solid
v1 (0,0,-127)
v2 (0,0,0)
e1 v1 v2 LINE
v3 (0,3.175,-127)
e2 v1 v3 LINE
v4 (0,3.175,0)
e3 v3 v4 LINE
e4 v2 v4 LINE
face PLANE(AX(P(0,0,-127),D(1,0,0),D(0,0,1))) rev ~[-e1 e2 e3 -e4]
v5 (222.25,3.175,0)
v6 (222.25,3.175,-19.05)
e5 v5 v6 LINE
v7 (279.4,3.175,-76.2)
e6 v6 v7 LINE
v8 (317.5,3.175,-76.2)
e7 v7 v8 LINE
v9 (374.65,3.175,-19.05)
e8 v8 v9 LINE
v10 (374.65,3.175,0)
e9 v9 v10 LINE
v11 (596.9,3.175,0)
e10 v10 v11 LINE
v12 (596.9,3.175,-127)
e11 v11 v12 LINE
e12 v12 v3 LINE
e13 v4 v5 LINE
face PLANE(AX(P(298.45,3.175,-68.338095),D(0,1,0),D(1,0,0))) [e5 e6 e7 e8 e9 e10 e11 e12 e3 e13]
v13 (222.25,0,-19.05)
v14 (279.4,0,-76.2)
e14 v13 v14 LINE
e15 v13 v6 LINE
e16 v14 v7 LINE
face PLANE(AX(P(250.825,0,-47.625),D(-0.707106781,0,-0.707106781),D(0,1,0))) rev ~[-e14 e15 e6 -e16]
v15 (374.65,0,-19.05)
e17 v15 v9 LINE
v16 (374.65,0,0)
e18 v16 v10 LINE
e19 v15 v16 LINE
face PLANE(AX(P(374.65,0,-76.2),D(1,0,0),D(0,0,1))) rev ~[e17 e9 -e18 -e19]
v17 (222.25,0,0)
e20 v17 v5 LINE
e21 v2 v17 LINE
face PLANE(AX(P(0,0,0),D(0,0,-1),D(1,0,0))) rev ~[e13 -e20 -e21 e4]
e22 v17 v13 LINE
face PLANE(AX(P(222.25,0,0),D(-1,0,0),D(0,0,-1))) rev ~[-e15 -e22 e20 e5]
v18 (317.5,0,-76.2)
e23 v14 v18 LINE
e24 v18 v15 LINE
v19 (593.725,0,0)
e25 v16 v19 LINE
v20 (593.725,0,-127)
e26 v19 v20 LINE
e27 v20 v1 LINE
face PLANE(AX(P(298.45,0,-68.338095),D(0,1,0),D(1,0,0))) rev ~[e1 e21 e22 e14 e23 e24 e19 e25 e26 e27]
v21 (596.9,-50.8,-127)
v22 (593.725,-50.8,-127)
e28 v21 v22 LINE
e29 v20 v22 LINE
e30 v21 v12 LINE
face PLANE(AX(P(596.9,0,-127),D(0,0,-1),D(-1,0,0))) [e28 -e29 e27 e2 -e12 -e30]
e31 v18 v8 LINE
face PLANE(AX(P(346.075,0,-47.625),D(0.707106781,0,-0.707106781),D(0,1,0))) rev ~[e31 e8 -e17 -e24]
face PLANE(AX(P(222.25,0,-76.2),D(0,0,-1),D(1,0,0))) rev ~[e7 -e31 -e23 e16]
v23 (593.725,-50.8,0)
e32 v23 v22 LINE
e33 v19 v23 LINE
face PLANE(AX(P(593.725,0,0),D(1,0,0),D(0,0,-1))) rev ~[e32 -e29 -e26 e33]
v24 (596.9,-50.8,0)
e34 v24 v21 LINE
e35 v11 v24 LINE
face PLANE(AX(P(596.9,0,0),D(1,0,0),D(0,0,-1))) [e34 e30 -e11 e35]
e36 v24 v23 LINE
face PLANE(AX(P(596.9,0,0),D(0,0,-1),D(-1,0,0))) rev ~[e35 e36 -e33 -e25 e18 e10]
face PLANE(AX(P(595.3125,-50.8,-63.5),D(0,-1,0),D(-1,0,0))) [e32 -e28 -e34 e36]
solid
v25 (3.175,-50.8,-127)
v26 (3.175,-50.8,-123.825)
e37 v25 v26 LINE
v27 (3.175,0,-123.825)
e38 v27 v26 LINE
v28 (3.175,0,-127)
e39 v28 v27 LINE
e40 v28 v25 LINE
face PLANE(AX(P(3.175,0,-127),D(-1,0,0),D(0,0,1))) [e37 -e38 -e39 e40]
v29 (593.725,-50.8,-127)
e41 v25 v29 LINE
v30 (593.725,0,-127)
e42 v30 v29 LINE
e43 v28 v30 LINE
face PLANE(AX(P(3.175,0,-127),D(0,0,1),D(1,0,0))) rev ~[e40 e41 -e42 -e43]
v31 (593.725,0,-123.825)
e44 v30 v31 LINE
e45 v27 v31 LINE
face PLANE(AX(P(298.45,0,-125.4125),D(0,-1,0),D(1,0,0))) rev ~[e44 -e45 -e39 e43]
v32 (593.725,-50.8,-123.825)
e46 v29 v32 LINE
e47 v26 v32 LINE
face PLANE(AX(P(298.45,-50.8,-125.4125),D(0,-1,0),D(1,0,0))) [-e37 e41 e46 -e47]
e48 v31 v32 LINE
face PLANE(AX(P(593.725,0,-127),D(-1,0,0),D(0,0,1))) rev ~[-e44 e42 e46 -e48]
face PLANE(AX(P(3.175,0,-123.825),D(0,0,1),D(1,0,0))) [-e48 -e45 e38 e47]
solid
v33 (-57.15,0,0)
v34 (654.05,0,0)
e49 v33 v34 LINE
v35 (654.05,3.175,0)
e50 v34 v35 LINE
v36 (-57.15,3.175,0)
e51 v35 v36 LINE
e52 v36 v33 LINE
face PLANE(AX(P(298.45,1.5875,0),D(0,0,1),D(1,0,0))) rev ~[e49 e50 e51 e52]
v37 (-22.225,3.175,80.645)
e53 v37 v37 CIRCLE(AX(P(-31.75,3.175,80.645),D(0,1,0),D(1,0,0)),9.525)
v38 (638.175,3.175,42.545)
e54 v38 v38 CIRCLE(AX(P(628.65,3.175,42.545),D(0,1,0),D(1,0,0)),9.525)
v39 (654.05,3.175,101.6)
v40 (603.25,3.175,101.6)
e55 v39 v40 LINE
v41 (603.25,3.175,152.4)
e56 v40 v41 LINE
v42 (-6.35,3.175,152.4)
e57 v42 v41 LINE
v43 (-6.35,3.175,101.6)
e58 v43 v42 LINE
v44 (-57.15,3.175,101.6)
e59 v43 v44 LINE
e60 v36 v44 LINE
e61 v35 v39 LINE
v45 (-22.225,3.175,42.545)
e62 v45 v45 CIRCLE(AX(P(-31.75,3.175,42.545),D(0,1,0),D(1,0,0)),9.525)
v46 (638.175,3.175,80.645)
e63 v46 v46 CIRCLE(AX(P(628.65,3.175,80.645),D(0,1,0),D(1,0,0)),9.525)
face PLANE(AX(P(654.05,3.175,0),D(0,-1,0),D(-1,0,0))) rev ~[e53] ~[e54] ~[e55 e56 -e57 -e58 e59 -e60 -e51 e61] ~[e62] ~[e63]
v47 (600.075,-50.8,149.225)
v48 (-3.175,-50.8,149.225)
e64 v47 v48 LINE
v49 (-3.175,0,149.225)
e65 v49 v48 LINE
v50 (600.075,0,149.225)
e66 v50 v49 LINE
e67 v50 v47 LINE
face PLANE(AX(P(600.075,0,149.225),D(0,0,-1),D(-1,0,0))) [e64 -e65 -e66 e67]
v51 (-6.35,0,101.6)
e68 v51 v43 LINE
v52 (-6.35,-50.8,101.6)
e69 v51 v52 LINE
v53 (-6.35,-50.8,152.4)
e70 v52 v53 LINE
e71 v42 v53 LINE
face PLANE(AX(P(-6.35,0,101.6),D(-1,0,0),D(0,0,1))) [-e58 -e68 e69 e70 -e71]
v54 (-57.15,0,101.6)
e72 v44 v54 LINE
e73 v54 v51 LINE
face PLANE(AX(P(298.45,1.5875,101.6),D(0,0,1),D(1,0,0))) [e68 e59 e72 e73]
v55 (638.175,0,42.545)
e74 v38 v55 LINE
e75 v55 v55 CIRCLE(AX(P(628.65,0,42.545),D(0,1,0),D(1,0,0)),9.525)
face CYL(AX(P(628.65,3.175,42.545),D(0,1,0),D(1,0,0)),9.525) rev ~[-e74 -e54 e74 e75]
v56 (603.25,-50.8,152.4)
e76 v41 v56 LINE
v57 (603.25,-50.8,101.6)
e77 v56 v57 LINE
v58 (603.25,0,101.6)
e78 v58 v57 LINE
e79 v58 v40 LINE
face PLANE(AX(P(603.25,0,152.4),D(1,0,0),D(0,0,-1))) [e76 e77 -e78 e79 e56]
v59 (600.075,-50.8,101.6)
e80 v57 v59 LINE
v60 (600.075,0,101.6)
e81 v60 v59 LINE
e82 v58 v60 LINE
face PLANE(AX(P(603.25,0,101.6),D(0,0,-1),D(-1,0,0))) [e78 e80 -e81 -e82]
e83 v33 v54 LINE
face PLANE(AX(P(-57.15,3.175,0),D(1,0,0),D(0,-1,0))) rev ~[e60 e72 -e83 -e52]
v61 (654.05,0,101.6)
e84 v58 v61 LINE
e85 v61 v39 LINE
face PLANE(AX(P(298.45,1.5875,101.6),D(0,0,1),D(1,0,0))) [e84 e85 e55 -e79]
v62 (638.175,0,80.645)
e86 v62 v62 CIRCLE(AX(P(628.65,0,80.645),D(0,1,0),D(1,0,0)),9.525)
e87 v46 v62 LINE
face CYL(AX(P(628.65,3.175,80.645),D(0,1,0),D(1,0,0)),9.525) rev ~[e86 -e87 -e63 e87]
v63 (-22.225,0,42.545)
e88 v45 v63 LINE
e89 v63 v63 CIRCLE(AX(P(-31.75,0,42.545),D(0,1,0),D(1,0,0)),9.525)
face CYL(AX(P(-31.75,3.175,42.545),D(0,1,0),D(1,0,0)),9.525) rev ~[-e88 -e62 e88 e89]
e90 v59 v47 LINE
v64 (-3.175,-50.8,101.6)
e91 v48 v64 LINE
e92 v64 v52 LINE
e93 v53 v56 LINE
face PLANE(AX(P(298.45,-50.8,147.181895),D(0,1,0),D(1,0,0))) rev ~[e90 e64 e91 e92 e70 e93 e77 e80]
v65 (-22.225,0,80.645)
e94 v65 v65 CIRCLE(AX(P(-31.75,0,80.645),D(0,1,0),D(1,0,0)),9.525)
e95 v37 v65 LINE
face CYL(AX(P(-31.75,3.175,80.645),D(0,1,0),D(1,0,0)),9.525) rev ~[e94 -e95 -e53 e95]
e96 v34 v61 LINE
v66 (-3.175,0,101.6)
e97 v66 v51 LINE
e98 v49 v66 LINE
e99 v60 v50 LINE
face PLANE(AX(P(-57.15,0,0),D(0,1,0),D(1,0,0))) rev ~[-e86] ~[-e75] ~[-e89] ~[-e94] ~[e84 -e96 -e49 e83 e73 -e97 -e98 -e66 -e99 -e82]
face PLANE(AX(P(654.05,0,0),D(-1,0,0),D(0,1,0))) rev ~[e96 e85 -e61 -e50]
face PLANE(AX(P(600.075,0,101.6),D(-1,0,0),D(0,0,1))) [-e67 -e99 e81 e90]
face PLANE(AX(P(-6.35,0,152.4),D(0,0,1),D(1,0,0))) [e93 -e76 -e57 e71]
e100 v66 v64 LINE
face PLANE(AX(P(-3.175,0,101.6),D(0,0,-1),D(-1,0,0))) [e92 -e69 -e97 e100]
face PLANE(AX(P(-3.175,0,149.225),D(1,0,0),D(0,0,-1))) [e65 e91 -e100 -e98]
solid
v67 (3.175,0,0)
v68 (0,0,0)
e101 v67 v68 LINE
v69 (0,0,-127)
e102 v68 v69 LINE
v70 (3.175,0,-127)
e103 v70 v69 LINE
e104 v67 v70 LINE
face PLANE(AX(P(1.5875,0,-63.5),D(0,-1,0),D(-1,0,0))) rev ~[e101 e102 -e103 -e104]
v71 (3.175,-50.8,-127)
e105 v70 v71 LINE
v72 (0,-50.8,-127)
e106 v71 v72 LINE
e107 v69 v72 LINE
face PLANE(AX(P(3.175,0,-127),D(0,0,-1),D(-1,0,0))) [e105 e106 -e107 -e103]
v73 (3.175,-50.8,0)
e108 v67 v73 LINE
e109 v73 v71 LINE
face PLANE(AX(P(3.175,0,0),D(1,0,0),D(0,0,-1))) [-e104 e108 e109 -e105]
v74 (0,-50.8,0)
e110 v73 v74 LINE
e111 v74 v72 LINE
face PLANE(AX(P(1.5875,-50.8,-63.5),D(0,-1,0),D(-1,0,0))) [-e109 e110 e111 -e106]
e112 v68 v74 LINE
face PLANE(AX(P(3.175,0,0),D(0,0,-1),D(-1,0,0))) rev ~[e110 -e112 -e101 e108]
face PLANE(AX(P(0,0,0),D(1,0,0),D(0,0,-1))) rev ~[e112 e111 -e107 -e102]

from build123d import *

# Parameters (mm, degrees)
BOSS_EXTRUDE1_DEPTH = 3.175
CHAMFER1_SIZE       = 57.15
SKETCH2_W           = 3.175
SKETCH2_H           = 127
BOSS_EXTRUDE2_DEPTH = 50.8
SKETCH3_W           = 3.175
SKETCH3_H           = 127
BOSS_EXTRUDE3_DEPTH = 50.8
BOSS_EXTRUDE4_DEPTH = 101.6
SKETCH5_W           = 609.6
SKETCH5_H           = 3.175
BOSS_EXTRUDE5_DEPTH = 50.8
BOSS_EXTRUDE6_DEPTH = 50.8
SKETCH7_W           = 590.55
SKETCH7_H           = 3.175
BOSS_EXTRUDE7_DEPTH = 50.8
SKETCH8_R           = 9.525
CUT_EXTRUDE1_DEPTH  = 54.975


with BuildPart() as part:
    # Sketch1 → Boss-Extrude1 (new body)
    with BuildSketch(Plane(origin=(0, 0, 0), x_dir=(1, 0, 0), z_dir=(0, 1, 0))):
        Polygon((222.25, 0), (222.25, 76.2), (374.65, 76.2), (374.65, 0), (596.9, 0), (596.9, 127), (0, 127), (0, 0), align=None)
    extrude(amount=BOSS_EXTRUDE1_DEPTH)

    # Chamfer1
    chamfer1_edges = [part.edges().sort_by_distance(p)[0] for p in [
        (374.65, 1.5875, -76.2),
        (222.25, 1.5875, -76.2),
    ]]
    chamfer(chamfer1_edges, length=CHAMFER1_SIZE)

    # Sketch3 → Boss-Extrude3 (add)
    with BuildSketch(Plane(origin=(0, 0, 0), x_dir=(-1, 0, 0), z_dir=(0, -1, 0))):
        with Locations((-595.3125, 63.5)):
            Rectangle(SKETCH3_W, SKETCH3_H)
    extrude(amount=BOSS_EXTRUDE3_DEPTH)


with BuildPart() as body_2:
    # Sketch2 → Boss-Extrude2 (new body)
    with BuildSketch(Plane(origin=(0, 0, 0), x_dir=(-1, 0, 0), z_dir=(0, -1, 0))):
        with Locations((-1.5875, 63.5)):
            Rectangle(SKETCH2_W, SKETCH2_H)
    extrude(amount=BOSS_EXTRUDE2_DEPTH)


with BuildPart() as body_3:
    # Sketch4 → Boss-Extrude4 (new body)
    with BuildSketch(Plane.XY):
        Polygon((0, 3.175), (-57.15, 3.175), (-57.15, 0), (0, 0), (596.9, 0), (654.05, 0), (654.05, 3.175), (596.9, 3.175), align=None)
    extrude(amount=BOSS_EXTRUDE4_DEPTH)



with BuildPart() as body_4:
    # Sketch5 → Boss-Extrude5 (new body)
    with BuildSketch(Plane.XY.offset(101.6)):
        with Locations((298.45, 1.5875)):
            Rectangle(SKETCH5_W, SKETCH5_H)
    extrude(amount=BOSS_EXTRUDE5_DEPTH)


with BuildPart() as body_3_1:
    add(body_3.part)

    add(body_4.part)  # Boss-Extrude6 merges body 4
    # Sketch6 → Boss-Extrude6 (add)
    with BuildSketch(Plane(origin=(0, 0, 0), x_dir=(-1, 0, 0), z_dir=(0, -1, 0))):
        Polygon((-603.25, -101.6), (-600.075, -101.6), (-600.075, -149.225), (3.175, -149.225), (3.175, -101.6), (6.35, -101.6), (6.35, -152.4), (-603.25, -152.4), align=None)
    extrude(amount=BOSS_EXTRUDE6_DEPTH)

    # Sketch8 → Cut-Extrude1 (cut, through all)
    with BuildSketch(Plane(origin=(0, 3.175, 0), x_dir=(1, 0, 0), z_dir=(0, 1, 0))):
        with Locations((-31.75, -80.645)):
            Circle(SKETCH8_R)
        with Locations((-31.75, -42.545)):
            Circle(SKETCH8_R)
        with Locations((628.65, -42.545)):
            Circle(SKETCH8_R)
        with Locations((628.65, -80.645)):
            Circle(SKETCH8_R)
    extrude(amount=-CUT_EXTRUDE1_DEPTH, mode=Mode.SUBTRACT)


with BuildPart() as body_4_2:
    # Sketch7 → Boss-Extrude7 (new body)
    with BuildSketch(Plane.XZ):
        with Locations((298.45, -125.4125)):
            Rectangle(SKETCH7_W, SKETCH7_H)
    extrude(amount=BOSS_EXTRUDE7_DEPTH)


solid = Compound([part.part, body_2.part, body_3_1.part, body_4_2.part])
